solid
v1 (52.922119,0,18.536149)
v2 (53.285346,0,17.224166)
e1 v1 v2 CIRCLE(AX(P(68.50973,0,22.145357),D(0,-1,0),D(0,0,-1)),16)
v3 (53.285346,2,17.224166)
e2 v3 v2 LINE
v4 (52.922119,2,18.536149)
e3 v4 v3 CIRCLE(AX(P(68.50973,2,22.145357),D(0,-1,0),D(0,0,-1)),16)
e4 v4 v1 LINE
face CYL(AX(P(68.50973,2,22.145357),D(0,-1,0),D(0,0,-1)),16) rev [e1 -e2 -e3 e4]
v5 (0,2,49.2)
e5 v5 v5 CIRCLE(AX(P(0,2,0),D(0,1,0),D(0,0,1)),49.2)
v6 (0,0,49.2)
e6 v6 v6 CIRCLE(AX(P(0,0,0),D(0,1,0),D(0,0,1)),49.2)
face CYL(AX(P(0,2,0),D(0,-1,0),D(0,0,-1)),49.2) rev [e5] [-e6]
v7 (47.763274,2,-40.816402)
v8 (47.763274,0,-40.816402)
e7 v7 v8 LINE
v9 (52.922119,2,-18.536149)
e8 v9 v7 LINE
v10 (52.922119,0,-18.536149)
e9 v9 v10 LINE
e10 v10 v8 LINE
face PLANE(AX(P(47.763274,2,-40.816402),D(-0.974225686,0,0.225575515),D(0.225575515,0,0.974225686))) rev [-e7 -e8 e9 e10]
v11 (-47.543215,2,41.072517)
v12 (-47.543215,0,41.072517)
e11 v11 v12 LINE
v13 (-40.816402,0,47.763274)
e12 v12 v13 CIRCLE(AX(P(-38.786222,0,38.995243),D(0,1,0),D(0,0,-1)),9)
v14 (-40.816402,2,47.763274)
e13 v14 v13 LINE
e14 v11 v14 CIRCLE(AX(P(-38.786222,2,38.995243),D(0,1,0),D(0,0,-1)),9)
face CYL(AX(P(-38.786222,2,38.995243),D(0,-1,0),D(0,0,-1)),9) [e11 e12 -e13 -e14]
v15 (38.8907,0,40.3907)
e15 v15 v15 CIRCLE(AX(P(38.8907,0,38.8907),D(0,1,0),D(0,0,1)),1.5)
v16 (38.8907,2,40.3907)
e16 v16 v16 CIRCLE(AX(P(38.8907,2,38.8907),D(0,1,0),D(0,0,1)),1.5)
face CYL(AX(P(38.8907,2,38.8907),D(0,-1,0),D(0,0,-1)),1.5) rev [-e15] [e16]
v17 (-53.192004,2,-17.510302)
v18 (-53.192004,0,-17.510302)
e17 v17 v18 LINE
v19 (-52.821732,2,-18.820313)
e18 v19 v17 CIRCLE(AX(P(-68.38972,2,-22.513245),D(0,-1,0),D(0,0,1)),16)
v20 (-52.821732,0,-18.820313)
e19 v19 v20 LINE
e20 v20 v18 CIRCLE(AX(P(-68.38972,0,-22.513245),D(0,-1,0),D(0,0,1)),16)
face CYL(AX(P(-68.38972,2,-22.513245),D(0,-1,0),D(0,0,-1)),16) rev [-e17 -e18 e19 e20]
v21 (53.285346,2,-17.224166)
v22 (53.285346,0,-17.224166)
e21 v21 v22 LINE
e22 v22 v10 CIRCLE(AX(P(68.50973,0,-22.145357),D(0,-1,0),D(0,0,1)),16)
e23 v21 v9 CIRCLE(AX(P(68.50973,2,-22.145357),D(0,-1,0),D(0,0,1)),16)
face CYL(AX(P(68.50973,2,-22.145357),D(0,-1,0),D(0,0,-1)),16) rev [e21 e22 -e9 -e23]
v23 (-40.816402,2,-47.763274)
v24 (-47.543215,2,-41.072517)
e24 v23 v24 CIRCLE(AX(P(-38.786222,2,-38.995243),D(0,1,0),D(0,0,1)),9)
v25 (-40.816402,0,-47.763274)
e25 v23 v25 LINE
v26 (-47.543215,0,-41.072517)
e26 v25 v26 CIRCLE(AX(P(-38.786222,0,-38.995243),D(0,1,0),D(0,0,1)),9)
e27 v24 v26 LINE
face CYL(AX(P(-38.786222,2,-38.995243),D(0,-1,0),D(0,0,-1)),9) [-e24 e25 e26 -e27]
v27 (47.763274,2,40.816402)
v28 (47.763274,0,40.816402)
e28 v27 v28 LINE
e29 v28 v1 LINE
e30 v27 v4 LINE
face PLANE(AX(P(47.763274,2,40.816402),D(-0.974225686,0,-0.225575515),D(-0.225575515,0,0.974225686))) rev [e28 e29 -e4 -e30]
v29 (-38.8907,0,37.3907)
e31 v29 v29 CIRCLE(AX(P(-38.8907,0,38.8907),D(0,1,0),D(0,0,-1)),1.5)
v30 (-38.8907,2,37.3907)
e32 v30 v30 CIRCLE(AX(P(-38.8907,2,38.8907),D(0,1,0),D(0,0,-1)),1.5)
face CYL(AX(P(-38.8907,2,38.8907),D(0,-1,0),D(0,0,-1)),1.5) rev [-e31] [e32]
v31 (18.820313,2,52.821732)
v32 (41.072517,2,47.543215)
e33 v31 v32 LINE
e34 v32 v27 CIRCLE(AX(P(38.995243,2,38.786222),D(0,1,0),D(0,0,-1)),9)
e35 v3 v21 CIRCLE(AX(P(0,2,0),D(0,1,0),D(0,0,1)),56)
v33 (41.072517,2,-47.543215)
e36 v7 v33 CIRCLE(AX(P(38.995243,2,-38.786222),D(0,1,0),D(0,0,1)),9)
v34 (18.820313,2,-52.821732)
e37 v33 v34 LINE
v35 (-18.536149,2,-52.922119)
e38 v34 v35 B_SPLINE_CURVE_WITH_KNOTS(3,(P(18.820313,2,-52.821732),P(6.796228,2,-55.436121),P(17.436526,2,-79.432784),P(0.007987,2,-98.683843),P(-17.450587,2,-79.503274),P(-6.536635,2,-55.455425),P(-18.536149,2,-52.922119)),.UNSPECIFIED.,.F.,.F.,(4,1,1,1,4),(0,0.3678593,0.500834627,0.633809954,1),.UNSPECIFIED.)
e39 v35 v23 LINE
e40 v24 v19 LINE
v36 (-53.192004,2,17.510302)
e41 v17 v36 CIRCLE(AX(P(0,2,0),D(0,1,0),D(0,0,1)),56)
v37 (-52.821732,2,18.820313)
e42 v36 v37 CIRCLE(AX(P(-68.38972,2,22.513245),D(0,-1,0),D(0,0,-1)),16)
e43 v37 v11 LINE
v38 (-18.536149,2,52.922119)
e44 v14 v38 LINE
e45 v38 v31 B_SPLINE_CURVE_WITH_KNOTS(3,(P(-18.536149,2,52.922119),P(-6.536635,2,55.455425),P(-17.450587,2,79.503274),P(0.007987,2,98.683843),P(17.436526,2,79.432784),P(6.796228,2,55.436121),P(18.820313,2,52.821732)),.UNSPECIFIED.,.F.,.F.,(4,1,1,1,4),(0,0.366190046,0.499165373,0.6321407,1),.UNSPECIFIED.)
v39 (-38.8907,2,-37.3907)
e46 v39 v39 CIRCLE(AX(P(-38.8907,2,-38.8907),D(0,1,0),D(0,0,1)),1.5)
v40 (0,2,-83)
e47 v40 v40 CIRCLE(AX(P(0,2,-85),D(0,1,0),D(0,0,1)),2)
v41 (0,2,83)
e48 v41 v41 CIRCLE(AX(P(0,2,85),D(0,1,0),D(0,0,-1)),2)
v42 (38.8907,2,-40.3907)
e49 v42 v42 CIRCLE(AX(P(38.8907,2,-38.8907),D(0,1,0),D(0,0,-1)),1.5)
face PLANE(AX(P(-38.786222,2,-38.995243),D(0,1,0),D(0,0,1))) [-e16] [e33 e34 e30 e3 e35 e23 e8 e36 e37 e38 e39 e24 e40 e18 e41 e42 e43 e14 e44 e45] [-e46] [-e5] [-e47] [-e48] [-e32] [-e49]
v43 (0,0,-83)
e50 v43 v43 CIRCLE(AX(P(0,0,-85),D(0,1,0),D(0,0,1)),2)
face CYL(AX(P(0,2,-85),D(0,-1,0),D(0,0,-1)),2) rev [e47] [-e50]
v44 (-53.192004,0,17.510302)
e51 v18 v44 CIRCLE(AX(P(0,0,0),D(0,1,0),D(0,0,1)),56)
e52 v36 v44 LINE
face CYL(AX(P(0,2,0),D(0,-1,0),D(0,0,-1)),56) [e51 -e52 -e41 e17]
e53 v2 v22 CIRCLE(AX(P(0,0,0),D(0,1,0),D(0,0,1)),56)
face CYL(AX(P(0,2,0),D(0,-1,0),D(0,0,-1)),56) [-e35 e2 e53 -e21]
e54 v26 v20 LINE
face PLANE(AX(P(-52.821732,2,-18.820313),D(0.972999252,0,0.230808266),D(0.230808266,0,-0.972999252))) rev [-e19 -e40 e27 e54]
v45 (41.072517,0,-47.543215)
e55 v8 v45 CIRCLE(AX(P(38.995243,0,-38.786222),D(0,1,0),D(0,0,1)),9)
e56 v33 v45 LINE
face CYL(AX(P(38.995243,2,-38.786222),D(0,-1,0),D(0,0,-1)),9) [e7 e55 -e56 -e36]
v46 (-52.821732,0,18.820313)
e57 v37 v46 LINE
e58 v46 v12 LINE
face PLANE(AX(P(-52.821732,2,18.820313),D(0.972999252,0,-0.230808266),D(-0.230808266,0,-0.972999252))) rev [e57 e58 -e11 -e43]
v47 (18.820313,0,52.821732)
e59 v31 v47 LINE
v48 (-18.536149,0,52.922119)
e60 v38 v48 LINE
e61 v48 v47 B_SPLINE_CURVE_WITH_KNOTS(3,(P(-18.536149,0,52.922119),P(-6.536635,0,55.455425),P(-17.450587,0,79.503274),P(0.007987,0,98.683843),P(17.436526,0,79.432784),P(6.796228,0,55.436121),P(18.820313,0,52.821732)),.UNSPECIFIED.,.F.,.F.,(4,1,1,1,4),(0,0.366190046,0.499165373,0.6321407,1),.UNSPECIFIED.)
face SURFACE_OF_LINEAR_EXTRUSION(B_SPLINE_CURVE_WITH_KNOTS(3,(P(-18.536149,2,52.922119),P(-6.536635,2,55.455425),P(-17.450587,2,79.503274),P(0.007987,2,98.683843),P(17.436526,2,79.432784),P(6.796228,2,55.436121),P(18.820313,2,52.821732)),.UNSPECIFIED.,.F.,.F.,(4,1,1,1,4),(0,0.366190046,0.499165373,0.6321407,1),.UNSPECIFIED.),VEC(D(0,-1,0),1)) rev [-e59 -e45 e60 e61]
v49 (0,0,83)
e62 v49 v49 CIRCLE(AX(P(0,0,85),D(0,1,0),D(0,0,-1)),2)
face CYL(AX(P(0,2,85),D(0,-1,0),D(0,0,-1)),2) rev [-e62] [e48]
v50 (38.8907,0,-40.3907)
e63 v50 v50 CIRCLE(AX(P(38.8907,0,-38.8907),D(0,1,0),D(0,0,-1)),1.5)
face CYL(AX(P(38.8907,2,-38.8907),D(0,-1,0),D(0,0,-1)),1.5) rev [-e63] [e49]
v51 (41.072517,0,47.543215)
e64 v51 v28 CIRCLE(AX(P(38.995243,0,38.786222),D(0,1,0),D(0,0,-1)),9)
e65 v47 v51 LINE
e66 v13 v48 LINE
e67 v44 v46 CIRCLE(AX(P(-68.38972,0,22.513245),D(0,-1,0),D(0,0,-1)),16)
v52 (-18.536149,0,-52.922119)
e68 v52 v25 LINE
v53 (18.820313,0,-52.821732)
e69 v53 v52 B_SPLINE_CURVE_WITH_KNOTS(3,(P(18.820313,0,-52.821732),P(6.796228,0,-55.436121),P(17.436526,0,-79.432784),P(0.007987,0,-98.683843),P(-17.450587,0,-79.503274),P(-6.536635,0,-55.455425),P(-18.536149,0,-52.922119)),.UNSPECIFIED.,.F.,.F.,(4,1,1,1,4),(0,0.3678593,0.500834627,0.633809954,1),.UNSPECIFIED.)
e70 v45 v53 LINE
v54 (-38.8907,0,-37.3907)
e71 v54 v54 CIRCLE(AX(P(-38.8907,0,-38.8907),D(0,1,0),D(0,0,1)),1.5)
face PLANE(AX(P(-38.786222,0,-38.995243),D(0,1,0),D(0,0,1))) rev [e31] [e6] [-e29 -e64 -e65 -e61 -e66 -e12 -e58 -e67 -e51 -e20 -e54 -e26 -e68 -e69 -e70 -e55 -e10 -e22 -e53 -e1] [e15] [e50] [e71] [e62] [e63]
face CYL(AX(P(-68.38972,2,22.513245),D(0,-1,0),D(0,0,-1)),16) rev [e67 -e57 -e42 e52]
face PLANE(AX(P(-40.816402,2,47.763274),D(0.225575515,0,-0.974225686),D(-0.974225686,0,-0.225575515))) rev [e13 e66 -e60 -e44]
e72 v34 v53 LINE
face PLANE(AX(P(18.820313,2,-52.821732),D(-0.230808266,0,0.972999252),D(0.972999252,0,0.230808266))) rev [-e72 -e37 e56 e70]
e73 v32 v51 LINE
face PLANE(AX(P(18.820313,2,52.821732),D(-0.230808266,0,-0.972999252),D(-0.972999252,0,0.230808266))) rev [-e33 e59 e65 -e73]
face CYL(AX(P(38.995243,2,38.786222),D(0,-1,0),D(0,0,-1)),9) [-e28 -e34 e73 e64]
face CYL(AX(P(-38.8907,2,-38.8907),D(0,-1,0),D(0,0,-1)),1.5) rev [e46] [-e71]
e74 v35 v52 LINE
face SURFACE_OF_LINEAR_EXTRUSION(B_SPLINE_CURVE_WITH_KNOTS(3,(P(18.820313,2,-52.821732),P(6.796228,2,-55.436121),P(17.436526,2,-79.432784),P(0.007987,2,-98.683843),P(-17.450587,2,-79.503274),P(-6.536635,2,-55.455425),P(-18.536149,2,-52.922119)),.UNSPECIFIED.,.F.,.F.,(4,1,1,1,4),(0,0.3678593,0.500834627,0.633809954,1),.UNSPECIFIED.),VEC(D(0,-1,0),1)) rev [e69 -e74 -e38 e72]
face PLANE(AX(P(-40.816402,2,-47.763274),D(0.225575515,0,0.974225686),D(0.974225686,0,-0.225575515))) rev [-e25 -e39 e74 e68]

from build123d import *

# Parameters (mm, degrees)
SKETCH1_R           = 1.5
SKETCH1_R_2         = 49.2
SKETCH1_R_3         = 2
BOSS_EXTRUDE1_DEPTH = 2


with BuildPart() as part:
    # Sketch1 → Boss-Extrude1 (new body)
    with BuildSketch(Plane(origin=(0, 0, 0), x_dir=(1, 0, 0), z_dir=(0, 1, 0))):
        with BuildLine():
            Line((-40.816401641, 47.763274249), (-18.536148639, 52.922119493))
            add(Edge.make_bspline(
                [(-18.536148639, 52.922119493), (-6.536634723, 55.455425009), (-17.450586635, 79.503274209), (0.00798679, 98.683842699), (17.436525911, 79.432784357), (6.796227586, 55.436120512), (18.82031265, 52.821731984)],
                knots=[0, 0, 0, 0, 0.366190046, 0.499165373, 0.6321407, 1, 1, 1, 1], degree=3))
            Line((18.82031265, 52.821731984), (41.072517471, 47.543215273))
            ThreePointArc((41.072517471, 47.543215273), (45.376282852, 45.133058333), (47.763274249, 40.816401641))
            Line((47.763274249, 40.816401641), (52.922119493, 18.536148639))
            ThreePointArc((52.922119493, 18.536148639), (53.089772901, 17.876292735), (53.285345919, 17.224166462))
            ThreePointArc((53.285345919, 17.224166462), (56, 0), (53.285345919, -17.224166462))
            ThreePointArc((53.285345919, -17.224166462), (53.089772901, -17.876292735), (52.922119493, -18.536148639))
            Line((52.922119493, -18.536148639), (47.763274249, -40.816401641))
            ThreePointArc((47.763274249, -40.816401641), (45.376282852, -45.133058333), (41.072517471, -47.543215273))
            Line((41.072517471, -47.543215273), (18.82031265, -52.821731984))
            add(Edge.make_bspline(
                [(-18.536148639, -52.922119493), (-6.536634723, -55.455425009), (-17.450586635, -79.503274209), (0.00798679, -98.683842699), (17.436525911, -79.432784357), (6.796227586, -55.436120512), (18.82031265, -52.821731984)],
                knots=[0, 0, 0, 0, 0.366190046, 0.499165373, 0.6321407, 1, 1, 1, 1], degree=3))
            Line((-18.536148639, -52.922119493), (-40.816401641, -47.763274249))
            ThreePointArc((-40.816401641, -47.763274249), (-45.133058333, -45.376282852), (-47.543215273, -41.072517471))
            Line((-47.543215273, -41.072517471), (-52.821731984, -18.82031265))
            ThreePointArc((-52.821731984, -18.82031265), (-52.992929389, -18.161367335), (-53.192004456, -17.510301595))
            ThreePointArc((-53.192004456, -17.510301595), (-56, 0), (-53.192004456, 17.510301595))
            ThreePointArc((-53.192004456, 17.510301595), (-52.992929389, 18.161367335), (-52.821731984, 18.82031265))
            Line((-52.821731984, 18.82031265), (-47.543215273, 41.072517471))
            ThreePointArc((-47.543215273, 41.072517471), (-45.133058333, 45.376282852), (-40.816401641, 47.763274249))
        make_face()
        with Locations(Location((-38.8907, 38.8907, 0), (0, 0, 270))):
            Circle(SKETCH1_R, mode=Mode.SUBTRACT)
        with Locations(Location((38.8907, 38.8907, 0), (0, 0, 90))):
            Circle(SKETCH1_R, mode=Mode.SUBTRACT)
        with Locations(Location((38.8907, -38.8907, 0), (0, 0, 270))):
            Circle(SKETCH1_R, mode=Mode.SUBTRACT)
        with Locations(Location((-38.8907, -38.8907, 0), (0, 0, 90))):
            Circle(SKETCH1_R, mode=Mode.SUBTRACT)
        with Locations(Location((0, 0, 0), (0, 0, 270))):
            Circle(SKETCH1_R_2, mode=Mode.SUBTRACT)
        with Locations(Location((0, 85, 0), (0, 0, 270))):
            Circle(SKETCH1_R_3, mode=Mode.SUBTRACT)
        with Locations(Location((0, -85, 0), (0, 0, 90))):
            Circle(SKETCH1_R_3, mode=Mode.SUBTRACT)
    extrude(amount=BOSS_EXTRUDE1_DEPTH)


solid = part.part
